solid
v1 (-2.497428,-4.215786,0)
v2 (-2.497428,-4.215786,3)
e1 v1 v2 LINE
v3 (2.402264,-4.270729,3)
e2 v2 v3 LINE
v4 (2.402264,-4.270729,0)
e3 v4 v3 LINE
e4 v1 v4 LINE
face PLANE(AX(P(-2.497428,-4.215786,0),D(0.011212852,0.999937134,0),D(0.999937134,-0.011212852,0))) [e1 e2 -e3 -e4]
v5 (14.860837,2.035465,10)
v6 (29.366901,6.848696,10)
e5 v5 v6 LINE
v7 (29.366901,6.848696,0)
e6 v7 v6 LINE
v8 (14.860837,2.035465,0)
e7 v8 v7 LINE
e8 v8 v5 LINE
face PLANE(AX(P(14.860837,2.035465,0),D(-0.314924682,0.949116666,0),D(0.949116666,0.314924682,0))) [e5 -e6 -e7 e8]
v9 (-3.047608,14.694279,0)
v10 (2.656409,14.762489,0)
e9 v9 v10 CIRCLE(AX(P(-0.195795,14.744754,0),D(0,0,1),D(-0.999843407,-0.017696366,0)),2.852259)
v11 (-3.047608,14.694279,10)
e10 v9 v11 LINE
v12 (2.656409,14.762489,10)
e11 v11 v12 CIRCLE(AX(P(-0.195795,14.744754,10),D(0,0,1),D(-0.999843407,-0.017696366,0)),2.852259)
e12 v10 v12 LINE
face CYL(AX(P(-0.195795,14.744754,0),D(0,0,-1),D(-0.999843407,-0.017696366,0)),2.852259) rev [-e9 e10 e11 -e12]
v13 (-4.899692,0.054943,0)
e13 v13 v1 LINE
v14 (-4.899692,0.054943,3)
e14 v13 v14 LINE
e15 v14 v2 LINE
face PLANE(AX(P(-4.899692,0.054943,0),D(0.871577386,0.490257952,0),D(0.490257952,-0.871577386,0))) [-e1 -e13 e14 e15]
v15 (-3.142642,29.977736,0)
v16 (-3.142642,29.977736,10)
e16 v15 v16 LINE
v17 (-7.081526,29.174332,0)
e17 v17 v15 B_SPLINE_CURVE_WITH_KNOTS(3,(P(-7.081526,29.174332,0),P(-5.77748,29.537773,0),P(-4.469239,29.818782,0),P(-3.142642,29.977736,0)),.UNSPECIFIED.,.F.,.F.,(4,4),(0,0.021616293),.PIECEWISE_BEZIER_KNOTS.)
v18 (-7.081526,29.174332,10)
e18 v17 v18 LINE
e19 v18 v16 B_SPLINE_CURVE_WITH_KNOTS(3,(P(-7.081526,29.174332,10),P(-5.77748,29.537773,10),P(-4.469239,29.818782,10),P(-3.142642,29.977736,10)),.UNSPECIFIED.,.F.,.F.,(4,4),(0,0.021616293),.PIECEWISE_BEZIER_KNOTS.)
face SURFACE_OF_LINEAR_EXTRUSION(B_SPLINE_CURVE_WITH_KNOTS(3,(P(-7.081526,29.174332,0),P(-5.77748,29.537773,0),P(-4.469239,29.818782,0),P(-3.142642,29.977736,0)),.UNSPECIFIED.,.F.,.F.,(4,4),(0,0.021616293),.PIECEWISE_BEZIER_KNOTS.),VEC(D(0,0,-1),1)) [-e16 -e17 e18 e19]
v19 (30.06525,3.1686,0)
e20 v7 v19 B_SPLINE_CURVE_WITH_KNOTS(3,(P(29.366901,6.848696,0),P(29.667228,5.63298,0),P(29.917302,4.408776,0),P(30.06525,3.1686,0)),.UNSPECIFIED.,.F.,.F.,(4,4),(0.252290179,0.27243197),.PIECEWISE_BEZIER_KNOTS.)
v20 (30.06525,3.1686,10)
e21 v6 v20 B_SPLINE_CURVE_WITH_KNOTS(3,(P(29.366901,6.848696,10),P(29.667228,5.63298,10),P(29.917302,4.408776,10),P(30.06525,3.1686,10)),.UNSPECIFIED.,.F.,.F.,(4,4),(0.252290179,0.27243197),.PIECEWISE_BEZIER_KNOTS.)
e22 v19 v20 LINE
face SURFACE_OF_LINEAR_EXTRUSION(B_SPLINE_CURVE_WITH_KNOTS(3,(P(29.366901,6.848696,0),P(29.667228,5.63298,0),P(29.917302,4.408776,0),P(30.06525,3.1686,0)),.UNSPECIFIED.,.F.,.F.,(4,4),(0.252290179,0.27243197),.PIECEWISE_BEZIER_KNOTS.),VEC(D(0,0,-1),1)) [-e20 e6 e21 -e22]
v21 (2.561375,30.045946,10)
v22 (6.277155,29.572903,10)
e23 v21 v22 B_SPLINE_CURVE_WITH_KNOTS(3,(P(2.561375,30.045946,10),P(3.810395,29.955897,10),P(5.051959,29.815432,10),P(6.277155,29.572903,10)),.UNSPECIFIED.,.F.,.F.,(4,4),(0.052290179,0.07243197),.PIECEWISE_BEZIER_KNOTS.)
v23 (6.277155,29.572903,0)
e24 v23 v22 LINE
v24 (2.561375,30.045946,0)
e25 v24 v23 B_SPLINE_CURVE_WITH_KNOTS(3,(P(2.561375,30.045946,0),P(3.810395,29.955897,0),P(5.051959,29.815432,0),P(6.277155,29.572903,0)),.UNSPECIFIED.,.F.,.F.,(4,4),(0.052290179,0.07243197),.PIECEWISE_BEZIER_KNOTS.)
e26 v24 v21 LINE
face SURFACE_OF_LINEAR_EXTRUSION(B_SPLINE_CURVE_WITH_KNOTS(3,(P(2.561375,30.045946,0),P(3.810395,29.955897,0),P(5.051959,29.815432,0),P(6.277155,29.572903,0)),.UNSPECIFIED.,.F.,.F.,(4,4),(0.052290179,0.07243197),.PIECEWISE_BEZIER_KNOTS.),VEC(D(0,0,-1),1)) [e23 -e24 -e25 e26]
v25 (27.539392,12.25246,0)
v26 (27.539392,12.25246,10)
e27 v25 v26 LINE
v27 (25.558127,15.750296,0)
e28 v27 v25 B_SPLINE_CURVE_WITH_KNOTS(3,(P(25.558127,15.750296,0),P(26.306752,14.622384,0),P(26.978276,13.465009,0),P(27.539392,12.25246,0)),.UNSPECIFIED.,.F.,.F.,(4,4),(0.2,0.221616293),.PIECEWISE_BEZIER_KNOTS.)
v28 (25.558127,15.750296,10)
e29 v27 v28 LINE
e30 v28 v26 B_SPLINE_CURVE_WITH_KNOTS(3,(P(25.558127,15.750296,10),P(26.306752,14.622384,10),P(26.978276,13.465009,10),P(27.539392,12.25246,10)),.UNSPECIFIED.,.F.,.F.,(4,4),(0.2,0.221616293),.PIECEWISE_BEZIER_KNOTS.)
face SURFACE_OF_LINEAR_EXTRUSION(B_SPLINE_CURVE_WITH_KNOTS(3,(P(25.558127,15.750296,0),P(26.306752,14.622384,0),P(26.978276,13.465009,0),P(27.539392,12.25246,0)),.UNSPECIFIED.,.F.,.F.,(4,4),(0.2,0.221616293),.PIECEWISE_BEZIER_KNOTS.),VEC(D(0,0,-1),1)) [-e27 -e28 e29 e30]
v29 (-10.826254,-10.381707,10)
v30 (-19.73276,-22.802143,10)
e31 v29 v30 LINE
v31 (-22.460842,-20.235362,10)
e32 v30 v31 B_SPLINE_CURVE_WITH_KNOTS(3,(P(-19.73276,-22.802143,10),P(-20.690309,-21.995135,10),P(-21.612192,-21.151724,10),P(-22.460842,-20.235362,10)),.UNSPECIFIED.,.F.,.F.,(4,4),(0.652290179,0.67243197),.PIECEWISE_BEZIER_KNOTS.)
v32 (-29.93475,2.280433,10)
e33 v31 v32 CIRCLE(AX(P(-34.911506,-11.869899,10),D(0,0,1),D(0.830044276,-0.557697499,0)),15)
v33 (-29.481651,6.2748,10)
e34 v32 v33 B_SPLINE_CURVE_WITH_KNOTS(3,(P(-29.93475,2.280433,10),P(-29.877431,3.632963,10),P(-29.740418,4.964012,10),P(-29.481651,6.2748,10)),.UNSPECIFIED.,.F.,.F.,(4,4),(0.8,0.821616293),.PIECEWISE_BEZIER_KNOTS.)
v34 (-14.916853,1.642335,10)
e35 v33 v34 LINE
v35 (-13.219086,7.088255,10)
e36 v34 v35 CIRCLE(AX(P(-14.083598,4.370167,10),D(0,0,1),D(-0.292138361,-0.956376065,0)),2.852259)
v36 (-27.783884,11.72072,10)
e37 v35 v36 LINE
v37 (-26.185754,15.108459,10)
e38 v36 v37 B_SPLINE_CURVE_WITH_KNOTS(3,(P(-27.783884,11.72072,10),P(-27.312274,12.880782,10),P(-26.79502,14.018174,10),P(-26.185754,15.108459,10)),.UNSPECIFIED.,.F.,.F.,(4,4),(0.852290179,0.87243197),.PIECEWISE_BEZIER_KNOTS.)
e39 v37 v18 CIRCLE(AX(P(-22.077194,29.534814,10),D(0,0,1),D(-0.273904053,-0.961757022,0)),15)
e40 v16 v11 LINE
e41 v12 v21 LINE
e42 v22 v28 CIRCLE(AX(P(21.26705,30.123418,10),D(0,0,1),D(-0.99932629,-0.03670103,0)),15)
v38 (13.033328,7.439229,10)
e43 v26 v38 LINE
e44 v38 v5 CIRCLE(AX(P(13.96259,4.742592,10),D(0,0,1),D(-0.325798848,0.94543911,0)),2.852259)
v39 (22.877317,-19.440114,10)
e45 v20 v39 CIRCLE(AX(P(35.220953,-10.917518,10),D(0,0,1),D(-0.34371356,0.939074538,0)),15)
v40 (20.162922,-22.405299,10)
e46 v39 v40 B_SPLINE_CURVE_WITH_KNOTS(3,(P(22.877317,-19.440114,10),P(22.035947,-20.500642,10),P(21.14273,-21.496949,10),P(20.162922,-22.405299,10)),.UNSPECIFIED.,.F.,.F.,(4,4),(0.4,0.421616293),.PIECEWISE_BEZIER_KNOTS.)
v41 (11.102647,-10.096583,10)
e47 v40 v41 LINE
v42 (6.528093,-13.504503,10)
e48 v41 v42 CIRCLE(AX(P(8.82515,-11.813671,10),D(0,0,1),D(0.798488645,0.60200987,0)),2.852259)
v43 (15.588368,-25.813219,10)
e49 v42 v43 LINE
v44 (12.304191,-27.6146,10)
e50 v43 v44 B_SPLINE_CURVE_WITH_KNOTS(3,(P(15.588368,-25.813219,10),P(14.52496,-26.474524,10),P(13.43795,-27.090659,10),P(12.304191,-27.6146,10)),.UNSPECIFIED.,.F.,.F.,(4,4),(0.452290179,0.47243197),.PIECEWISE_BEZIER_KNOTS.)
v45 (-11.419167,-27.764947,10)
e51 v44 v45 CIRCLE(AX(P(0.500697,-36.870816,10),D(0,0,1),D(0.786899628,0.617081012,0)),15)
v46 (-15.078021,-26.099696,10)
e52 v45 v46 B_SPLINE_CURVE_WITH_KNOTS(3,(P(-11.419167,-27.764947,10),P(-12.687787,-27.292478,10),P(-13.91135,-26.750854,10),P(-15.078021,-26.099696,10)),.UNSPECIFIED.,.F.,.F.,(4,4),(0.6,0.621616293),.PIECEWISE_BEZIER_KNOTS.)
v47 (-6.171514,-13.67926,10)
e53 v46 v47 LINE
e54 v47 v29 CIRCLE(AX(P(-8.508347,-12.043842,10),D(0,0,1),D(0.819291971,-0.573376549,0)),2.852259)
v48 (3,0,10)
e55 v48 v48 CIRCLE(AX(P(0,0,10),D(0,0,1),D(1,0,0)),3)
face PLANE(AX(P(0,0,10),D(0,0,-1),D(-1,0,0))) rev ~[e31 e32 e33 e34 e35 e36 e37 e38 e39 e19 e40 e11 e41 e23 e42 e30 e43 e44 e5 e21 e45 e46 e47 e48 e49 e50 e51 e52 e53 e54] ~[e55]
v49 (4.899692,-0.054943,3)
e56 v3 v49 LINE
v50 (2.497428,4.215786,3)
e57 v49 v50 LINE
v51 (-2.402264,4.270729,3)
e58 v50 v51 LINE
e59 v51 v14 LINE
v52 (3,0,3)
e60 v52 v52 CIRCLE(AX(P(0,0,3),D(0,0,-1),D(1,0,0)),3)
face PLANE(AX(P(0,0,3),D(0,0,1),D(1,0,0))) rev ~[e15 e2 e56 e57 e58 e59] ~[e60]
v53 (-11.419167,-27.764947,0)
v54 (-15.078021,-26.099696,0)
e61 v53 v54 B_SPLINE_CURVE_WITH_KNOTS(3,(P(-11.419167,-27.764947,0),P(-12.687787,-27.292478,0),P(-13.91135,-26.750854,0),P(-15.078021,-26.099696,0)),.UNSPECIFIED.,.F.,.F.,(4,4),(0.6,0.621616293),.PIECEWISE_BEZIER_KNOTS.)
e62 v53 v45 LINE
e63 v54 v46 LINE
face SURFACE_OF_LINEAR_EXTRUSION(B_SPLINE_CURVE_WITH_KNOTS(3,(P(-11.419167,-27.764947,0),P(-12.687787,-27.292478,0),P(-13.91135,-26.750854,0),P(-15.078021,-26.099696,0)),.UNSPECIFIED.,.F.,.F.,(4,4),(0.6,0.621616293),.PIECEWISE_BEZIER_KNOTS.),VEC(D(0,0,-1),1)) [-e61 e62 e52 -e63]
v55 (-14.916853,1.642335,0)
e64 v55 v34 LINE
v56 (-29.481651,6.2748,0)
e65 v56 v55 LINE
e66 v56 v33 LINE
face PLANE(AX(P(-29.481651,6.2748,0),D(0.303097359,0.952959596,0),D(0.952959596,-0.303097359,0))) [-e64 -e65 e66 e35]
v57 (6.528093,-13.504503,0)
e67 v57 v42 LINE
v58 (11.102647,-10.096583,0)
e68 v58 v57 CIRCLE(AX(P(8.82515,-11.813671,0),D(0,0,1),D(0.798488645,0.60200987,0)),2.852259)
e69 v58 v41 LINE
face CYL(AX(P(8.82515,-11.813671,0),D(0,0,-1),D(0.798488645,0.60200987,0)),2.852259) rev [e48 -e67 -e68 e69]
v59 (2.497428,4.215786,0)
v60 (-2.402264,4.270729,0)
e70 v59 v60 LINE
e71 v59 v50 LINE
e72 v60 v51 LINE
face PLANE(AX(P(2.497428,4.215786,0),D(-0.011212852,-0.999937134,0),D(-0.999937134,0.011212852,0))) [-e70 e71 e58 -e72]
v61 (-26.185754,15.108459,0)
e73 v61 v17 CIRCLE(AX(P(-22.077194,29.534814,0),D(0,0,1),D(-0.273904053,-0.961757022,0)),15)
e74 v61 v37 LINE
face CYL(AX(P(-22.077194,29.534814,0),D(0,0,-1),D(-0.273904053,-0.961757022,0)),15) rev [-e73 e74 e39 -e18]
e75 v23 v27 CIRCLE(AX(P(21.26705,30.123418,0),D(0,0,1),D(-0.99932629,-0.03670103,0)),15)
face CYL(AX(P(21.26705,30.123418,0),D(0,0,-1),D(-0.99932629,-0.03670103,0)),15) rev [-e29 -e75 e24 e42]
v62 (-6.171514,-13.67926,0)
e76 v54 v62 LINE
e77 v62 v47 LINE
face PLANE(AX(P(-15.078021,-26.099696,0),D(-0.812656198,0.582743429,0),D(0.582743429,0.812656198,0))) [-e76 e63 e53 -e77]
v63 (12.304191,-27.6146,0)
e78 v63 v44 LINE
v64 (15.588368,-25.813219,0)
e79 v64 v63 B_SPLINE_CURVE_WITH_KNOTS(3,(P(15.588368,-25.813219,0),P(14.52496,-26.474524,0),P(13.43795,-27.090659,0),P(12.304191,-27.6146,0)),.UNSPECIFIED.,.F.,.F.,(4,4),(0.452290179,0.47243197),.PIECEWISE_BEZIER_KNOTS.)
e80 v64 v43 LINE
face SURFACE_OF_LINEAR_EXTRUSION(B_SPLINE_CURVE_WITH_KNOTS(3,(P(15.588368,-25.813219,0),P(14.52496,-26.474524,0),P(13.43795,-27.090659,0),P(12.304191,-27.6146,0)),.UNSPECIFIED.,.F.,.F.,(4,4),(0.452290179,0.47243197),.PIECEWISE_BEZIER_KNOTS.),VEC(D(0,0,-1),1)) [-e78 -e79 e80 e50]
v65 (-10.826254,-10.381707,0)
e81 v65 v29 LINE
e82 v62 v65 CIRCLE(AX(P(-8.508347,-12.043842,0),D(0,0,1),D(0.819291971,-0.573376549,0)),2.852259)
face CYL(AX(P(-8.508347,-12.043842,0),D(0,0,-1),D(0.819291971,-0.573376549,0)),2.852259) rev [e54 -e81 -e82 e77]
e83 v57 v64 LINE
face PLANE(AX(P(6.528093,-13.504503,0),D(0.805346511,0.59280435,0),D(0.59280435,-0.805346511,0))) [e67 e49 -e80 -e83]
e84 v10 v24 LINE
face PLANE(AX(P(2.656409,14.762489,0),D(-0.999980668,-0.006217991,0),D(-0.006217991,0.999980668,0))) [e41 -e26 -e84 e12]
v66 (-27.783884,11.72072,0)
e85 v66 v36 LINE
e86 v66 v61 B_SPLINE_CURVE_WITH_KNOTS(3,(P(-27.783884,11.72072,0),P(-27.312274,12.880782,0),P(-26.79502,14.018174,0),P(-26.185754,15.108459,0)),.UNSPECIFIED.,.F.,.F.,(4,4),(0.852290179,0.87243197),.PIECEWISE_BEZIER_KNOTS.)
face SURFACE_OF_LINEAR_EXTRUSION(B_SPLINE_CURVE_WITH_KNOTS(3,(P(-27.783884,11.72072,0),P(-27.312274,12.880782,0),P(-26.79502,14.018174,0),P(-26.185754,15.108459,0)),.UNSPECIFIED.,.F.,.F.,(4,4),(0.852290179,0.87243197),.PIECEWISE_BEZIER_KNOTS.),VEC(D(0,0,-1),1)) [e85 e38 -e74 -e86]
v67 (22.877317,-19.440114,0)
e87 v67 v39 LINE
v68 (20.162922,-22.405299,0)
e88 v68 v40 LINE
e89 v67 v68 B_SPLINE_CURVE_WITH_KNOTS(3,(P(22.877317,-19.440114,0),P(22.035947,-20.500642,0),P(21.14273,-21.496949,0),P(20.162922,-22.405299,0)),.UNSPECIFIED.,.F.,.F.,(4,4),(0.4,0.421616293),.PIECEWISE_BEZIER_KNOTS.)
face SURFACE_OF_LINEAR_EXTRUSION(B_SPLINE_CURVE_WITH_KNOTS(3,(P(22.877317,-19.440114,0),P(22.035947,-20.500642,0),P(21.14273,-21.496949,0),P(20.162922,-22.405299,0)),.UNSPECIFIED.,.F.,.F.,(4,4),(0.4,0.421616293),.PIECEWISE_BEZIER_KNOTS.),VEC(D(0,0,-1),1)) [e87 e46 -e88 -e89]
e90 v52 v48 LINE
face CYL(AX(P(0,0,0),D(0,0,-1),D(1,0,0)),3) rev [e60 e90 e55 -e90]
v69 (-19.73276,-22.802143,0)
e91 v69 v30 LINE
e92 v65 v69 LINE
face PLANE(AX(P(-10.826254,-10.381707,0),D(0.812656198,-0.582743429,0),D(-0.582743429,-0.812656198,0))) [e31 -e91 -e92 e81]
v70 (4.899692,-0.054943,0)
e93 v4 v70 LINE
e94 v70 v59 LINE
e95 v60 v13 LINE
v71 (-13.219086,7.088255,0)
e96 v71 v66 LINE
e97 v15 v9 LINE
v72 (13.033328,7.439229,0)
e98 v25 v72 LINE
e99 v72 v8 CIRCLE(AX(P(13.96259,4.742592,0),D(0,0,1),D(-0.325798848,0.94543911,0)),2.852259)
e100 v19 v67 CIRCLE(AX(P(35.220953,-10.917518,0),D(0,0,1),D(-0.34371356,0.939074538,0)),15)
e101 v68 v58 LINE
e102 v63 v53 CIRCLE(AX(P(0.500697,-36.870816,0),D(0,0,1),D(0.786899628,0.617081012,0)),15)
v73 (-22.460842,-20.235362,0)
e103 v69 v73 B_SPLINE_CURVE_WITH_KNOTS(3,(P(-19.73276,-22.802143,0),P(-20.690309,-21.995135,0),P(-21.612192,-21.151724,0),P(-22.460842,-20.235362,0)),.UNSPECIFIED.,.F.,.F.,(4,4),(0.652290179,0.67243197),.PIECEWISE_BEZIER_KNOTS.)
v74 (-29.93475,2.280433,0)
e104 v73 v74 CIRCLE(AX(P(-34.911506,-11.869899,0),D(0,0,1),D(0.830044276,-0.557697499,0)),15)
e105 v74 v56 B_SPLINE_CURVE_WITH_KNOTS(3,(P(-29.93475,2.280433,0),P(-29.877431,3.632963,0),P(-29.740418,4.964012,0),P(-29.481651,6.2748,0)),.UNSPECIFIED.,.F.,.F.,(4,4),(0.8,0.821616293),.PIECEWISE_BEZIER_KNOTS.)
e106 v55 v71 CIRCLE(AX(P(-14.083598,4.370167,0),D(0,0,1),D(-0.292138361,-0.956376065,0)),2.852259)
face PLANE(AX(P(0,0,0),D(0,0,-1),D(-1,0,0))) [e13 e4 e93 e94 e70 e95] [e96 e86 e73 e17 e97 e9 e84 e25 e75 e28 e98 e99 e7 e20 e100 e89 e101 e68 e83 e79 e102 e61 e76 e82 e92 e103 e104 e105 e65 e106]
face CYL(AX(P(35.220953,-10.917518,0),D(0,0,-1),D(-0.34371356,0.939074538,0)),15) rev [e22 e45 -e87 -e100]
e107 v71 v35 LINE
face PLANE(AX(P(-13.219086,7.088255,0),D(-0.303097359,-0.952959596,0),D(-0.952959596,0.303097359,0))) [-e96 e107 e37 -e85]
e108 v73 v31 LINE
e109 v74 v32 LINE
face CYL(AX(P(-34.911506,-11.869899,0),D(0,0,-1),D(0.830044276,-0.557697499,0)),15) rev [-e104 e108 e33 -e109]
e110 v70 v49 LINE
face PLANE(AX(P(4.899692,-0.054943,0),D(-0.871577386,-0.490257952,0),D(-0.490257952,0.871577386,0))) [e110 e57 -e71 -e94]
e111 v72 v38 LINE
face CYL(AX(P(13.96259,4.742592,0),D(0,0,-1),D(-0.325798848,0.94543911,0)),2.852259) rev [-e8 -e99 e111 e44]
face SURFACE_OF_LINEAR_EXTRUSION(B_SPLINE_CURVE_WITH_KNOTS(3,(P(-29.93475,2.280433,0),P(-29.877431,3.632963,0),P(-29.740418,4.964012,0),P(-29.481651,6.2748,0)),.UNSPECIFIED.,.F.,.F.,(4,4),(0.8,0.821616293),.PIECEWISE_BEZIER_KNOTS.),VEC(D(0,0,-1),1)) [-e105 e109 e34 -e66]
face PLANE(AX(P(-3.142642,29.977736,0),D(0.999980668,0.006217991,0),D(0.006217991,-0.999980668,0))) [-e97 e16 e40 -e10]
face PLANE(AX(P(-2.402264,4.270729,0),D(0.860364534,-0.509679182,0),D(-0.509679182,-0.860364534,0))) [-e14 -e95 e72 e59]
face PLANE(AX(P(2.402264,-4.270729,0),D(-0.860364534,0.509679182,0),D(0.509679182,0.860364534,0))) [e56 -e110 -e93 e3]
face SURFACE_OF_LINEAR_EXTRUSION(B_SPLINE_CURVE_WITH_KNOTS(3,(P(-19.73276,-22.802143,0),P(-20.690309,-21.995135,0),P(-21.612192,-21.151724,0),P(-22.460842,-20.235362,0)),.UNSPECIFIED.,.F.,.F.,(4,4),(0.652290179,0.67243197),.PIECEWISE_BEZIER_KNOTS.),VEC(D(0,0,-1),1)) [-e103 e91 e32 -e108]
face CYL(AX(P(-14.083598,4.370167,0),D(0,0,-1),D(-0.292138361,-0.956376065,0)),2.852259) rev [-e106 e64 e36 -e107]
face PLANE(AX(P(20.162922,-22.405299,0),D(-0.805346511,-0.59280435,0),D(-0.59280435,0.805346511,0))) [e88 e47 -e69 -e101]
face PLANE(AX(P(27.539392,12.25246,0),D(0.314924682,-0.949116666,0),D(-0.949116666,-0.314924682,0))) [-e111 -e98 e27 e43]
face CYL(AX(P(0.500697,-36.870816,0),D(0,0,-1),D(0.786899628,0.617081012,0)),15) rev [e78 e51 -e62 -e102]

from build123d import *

# Parameters (mm, degrees)
MODEL_R                 = 3
BOSS_EXTRUDE3_DEPTH     = 10
CUT_EXTRUDE1_DEPTH      = 3
CUT_EXTRUDE1_DEPTH_BACK = 3


with BuildPart() as part:
    # Model → Boss-Extrude3 (new body)
    with BuildSketch(Plane.XY):
        with BuildLine():
            add(Edge.make_bspline(
                [(-27.783884398, 11.720720152), (-27.312273784, 12.880782387), (-26.795019787, 14.018174114), (-26.185754442, 15.108459083)],
                knots=[0.852290179, 0.852290179, 0.852290179, 0.852290179, 0.87243197, 0.87243197, 0.87243197, 0.87243197], degree=3))
            ThreePointArc((-26.185754442, 15.108459083), (-13.183686547, 17.45567821), (-7.081525862, 29.174331808))
            add(Edge.make_bspline(
                [(-7.081525862, 29.174331808), (-5.777480255, 29.53777265), (-4.469238519, 29.818781923), (-3.142641746, 29.977736074)],
                knots=[0, 0, 0, 0, 0.021616293, 0.021616293, 0.021616293, 0.021616293], degree=3))
            Line((-3.142641746, 29.977736074), (-3.047607508, 14.694279391))
            ThreePointArc((-3.047607508, 14.694279391), (-0.161689439, 11.892698747), (2.656409066, 14.762489335))
            Line((2.656409066, 14.762489335), (2.561374827, 30.045946018))
            add(Edge.make_bspline(
                [(2.561374827, 30.045946018), (3.81039527, 29.955896616), (5.051959359, 29.815432204), (6.277155329, 29.572903012)],
                knots=[0.052290179, 0.052290179, 0.052290179, 0.052290179, 0.07243197, 0.07243197, 0.07243197, 0.07243197], degree=3))
            ThreePointArc((6.277155329, 29.572903012), (12.527353316, 17.932532214), (25.558126537, 15.750295644))
            add(Edge.make_bspline(
                [(25.558126537, 15.750295644), (26.306751572, 14.62238397), (26.978276202, 13.465008783), (27.53939153, 12.252459811)],
                knots=[0.2, 0.2, 0.2, 0.2, 0.221616293, 0.221616293, 0.221616293, 0.221616293], degree=3))
            Line((27.53939153, 12.252459811), (13.033327655, 7.439229031))
            ThreePointArc((13.033327655, 7.439229031), (11.260663856, 3.828821816), (14.860837224, 2.035464932))
            Line((14.860837224, 2.035464932), (29.366901099, 6.848695711))
            add(Edge.make_bspline(
                [(29.366901099, 6.848695711), (29.667227572, 5.632979885), (29.91730238, 4.408776378), (30.065249788, 3.168600124)],
                knots=[0.252290179, 0.252290179, 0.252290179, 0.252290179, 0.27243197, 0.27243197, 0.27243197, 0.27243197], degree=3))
            ThreePointArc((30.065249788, 3.168600124), (20.926016685, -6.372763797), (22.87731675, -19.440113767))
            add(Edge.make_bspline(
                [(22.87731675, -19.440113767), (22.03594686, -20.50064236), (21.14273017, -21.496948837), (20.162921741, -22.405299465)],
                knots=[0.4, 0.4, 0.4, 0.4, 0.421616293, 0.421616293, 0.421616293, 0.421616293], degree=3))
            Line((20.162921741, -22.405299465), (11.102646985, -10.096582999))
            ThreePointArc((11.102646985, -10.096582999), (7.121162438, -9.526356728), (6.52809344, -13.504502824))
            Line((6.52809344, -13.504502824), (15.588368196, -25.81321929))
            add(Edge.make_bspline(
                [(15.588368196, -25.81321929), (14.524959722, -26.474523589), (13.437950364, -27.090658554), (12.30419092, -27.614600438)],
                knots=[0.452290179, 0.452290179, 0.452290179, 0.452290179, 0.47243197, 0.47243197, 0.47243197, 0.47243197], degree=3))
            ThreePointArc((12.30419092, -27.614600438), (0.405636244, -21.871116843), (-11.419167214, -27.764946697))
            add(Edge.make_bspline(
                [(-11.419167214, -27.764946697), (-12.687787438, -27.292477739), (-13.911350342, -26.750853818), (-15.078020581, -26.099696408)],
                knots=[0.6, 0.6, 0.6, 0.6, 0.621616293, 0.621616293, 0.621616293, 0.621616293], degree=3))
            Line((-15.078020581, -26.099696408), (-6.171514453, -13.679260495))
            ThreePointArc((-6.171514453, -13.679260495), (-6.85954343, -9.716434063), (-10.826253597, -10.381706678))
            Line((-10.826253597, -10.381706678), (-19.732759725, -22.802142592))
            add(Edge.make_bspline(
                [(-19.732759725, -22.802142592), (-20.690308779, -21.995135299), (-21.612192316, -21.151724141), (-22.460841595, -20.235361781)],
                knots=[0.652290179, 0.652290179, 0.652290179, 0.652290179, 0.67243197, 0.67243197, 0.67243197, 0.67243197], degree=3))
            ThreePointArc((-22.460841595, -20.235361781), (-20.675319699, -7.144329784), (-29.934750212, 2.280433012))
            add(Edge.make_bspline(
                [(-29.934750212, 2.280433012), (-29.877430739, 3.63296348), (-29.740417511, 4.964011949), (-29.481650943, 6.274799988)],
                knots=[0.8, 0.8, 0.8, 0.8, 0.821616293, 0.821616293, 0.821616293, 0.821616293], degree=3))
            Line((-29.481650943, 6.274799988), (-14.916852679, 1.642335072))
            ThreePointArc((-14.916852679, 1.642335072), (-11.360593424, 3.521270227), (-13.219086134, 7.088255236))
            Line((-13.219086134, 7.088255236), (-27.783884398, 11.720720152))
        make_face()
        Circle(MODEL_R, mode=Mode.SUBTRACT)
    extrude(amount=BOSS_EXTRUDE3_DEPTH)

    # Sketch2 → Cut-Extrude1 (cut, two sides)
    with BuildSketch(Plane.XY) as cut_extrude1_sk:
        Polygon((-2.402263966, 4.270729193), (-4.899691957, 0.054942975), (-2.497427991, -4.215786218), (2.402263966, -4.270729193), (4.899691957, -0.054942975), (2.497427991, 4.215786218), align=None)
    extrude(amount=CUT_EXTRUDE1_DEPTH, mode=Mode.SUBTRACT)
    extrude(cut_extrude1_sk.sketch, amount=-CUT_EXTRUDE1_DEPTH_BACK, mode=Mode.SUBTRACT)


solid = part.part
